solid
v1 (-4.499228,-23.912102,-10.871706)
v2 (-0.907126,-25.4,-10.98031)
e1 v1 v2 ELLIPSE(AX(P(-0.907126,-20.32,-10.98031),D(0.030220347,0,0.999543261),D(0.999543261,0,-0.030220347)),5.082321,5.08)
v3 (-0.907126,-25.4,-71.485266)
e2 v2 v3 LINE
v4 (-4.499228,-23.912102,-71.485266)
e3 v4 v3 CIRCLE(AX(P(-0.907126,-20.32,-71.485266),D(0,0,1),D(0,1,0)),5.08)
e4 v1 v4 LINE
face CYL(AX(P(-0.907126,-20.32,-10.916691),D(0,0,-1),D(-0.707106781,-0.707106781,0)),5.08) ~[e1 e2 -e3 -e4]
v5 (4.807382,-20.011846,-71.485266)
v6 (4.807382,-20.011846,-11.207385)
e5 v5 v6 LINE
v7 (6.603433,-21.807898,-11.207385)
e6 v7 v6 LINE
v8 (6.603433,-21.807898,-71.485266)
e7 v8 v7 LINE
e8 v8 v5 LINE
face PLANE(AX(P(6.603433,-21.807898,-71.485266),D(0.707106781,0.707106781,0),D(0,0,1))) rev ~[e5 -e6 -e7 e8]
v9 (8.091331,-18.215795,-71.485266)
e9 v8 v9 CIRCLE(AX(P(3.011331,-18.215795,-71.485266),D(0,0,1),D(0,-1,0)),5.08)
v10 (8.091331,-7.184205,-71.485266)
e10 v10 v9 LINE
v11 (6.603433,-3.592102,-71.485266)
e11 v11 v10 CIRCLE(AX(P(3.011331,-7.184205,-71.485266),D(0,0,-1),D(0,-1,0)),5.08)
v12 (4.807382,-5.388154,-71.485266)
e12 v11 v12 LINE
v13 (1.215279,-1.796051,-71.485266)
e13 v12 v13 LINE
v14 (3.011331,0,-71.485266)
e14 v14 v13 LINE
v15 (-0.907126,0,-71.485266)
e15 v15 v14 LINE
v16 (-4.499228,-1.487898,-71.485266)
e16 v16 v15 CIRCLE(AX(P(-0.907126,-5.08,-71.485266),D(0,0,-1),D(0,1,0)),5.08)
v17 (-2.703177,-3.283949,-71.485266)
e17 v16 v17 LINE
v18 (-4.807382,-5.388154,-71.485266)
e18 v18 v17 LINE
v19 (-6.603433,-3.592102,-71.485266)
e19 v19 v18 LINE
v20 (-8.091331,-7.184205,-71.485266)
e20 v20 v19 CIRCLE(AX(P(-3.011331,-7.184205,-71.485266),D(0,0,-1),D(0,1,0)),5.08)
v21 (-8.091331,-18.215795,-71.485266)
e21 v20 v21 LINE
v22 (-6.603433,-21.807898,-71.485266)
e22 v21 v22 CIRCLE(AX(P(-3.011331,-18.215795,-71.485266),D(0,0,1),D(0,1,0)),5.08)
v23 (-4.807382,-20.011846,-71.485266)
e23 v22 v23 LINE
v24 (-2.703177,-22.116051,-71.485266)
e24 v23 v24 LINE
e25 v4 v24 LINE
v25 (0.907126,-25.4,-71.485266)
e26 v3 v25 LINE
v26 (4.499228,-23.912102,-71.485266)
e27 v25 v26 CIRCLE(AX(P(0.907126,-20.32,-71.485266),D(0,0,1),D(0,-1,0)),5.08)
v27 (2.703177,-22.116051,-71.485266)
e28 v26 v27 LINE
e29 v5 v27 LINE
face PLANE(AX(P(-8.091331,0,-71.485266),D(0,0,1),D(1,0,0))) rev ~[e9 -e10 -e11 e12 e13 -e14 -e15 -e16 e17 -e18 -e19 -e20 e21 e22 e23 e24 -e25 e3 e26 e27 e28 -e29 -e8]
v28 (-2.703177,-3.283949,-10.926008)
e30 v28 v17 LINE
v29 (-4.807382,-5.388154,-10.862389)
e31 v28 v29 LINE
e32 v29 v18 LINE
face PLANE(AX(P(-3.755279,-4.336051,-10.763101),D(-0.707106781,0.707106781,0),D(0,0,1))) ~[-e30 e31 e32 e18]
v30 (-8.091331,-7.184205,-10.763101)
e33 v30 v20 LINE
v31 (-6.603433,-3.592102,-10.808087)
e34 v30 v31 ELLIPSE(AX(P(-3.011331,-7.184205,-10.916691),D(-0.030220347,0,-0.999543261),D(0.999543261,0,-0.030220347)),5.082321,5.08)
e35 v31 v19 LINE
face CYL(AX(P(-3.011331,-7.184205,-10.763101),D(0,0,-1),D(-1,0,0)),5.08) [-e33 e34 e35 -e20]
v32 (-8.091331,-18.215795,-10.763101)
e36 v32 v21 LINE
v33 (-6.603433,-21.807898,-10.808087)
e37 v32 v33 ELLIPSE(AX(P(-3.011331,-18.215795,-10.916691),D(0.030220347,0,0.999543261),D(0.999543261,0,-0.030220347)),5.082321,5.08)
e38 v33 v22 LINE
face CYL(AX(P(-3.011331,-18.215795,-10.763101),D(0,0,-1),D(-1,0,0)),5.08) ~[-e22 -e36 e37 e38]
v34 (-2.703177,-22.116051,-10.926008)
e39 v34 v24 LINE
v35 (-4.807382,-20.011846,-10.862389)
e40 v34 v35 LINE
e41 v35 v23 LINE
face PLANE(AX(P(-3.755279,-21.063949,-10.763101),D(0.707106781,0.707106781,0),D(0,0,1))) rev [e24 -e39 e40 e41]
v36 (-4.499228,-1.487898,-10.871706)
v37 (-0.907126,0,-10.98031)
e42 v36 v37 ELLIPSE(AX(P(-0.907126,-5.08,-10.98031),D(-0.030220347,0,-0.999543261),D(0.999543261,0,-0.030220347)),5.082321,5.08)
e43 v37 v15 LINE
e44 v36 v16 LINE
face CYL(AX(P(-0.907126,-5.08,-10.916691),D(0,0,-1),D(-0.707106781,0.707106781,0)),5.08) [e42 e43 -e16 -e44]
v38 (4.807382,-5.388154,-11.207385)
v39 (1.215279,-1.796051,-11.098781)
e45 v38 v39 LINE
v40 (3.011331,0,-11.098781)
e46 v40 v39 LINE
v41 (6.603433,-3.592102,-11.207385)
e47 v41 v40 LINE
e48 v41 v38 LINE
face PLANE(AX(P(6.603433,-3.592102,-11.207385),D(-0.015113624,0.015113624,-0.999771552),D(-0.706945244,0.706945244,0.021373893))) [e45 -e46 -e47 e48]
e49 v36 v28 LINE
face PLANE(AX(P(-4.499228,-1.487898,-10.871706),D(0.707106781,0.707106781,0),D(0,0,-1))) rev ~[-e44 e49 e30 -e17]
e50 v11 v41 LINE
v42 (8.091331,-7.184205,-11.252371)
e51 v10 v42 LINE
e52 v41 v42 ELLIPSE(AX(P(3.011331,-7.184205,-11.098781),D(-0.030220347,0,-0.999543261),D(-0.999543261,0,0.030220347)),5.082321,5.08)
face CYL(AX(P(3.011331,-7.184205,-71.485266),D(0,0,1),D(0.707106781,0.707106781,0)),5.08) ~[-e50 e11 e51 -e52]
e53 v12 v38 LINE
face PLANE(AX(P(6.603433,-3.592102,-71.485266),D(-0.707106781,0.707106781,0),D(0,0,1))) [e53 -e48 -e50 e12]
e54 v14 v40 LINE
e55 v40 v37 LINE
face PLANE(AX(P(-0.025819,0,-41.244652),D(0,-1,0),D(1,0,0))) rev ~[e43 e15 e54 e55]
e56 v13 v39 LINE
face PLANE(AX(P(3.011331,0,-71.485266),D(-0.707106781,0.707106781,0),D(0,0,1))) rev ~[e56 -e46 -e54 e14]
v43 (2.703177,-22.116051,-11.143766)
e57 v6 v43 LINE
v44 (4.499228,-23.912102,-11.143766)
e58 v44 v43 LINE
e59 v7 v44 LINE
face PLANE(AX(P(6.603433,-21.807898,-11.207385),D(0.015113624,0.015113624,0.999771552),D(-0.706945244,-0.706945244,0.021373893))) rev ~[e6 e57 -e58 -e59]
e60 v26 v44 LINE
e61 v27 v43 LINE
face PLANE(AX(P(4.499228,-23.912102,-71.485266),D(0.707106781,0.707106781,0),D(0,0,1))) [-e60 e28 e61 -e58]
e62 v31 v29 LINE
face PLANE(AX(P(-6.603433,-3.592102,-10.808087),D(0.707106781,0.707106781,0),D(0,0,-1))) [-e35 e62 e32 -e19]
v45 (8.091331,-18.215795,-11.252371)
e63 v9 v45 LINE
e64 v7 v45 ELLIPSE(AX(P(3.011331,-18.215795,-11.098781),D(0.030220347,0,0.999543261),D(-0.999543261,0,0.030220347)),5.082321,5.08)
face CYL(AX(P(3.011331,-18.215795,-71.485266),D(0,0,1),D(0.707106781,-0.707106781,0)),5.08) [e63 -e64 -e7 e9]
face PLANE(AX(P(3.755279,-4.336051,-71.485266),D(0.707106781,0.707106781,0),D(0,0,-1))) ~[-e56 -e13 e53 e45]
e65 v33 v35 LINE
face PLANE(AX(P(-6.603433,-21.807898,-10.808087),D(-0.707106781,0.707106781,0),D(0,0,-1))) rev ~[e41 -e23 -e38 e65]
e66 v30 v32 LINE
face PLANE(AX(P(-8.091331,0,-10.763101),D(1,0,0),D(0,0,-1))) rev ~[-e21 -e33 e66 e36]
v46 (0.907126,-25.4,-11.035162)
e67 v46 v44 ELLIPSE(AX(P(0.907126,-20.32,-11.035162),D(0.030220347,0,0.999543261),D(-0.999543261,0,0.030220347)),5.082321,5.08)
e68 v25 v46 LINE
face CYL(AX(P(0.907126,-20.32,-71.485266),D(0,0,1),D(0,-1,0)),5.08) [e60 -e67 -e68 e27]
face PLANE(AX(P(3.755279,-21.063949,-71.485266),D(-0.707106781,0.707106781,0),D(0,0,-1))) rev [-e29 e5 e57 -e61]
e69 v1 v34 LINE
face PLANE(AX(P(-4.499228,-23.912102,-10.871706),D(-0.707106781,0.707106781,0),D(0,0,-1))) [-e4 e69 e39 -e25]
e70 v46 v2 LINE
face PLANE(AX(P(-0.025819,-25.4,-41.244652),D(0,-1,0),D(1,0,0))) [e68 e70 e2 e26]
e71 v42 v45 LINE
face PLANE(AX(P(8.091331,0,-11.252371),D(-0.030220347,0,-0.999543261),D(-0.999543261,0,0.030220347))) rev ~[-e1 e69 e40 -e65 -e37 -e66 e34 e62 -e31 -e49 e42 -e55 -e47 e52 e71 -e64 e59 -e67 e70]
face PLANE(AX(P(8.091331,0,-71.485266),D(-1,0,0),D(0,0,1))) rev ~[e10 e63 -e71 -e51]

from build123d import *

# Parameters (mm, degrees)
F1_DEPTH = 25.4
F2_SIZE  = 5.08
F3_R     = 5.08
F4_DEPTH = 2.54
F5_DEPTH = 2.54
F6_DEPTH = 2.54
F7_DEPTH = 2.54


with BuildPart() as f1:
    # F0 (on Front) → F1 (new body)
    with BuildSketch(Plane.XZ):
        Polygon((-8.0913305283, -71.4852660894), (8.0913305283, -71.4852660894), (8.0913305283, -11.2523705258), (-8.0913305283, -10.7631014283), align=None)
    extrude(amount=F1_DEPTH)

    # F2
    f2_edges = [f1.edges().sort_by_distance(p)[0] for p in [
        (8.091331, -25.4, -41.368818),
        (-8.091331, -25.4, -41.124184),
        (-8.091331, 0, -41.124184),
        (8.091331, 0, -41.368818),
    ]]
    chamfer(f2_edges, length=F2_SIZE)

    # F3
    f3_edges = [f1.edges().sort_by_distance(p)[0] for p in [
        (-3.011331, 0, -41.200979),
        (-8.091331, -20.32, -41.124184),
        (-8.091331, -5.08, -41.124184),
        (8.091331, -5.08, -41.368818),
        (8.091331, -20.32, -41.368818),
        (-3.011331, -25.4, -41.200979),
        (3.011331, -25.4, -41.292024),
    ]]
    fillet(f3_edges, radius=F3_R)

    # F4 (cut): a face of the model
    f4_faces = [f1.faces().sort_by_distance(p)[0] for p in [
        (-5.5515144762, -22.859816052, -41.1625783561),
    ]]
    extrude(f4_faces, amount=-F4_DEPTH, mode=Mode.SUBTRACT)

    # F5 (cut): a face of the model
    f5_faces = [f1.faces().sort_by_distance(p)[0] for p in [
        (-5.5515144762, -2.540183948, -41.1625783561),
    ]]
    extrude(f5_faces, amount=-F5_DEPTH, mode=Mode.SUBTRACT)

    # F6 (cut): a face of the model
    f6_faces = [f1.faces().sort_by_distance(p)[0] for p in [
        (4.8068429061, -1.7955123778, -41.3191664522),
    ]]
    extrude(f6_faces, amount=-F6_DEPTH, mode=Mode.SUBTRACT)

    # F7 (cut): a face of the model
    f7_faces = [f1.faces().sort_by_distance(p)[0] for p in [
        (5.5511455564, -22.8601849718, -41.3304181334),
    ]]
    extrude(f7_faces, amount=-F7_DEPTH, mode=Mode.SUBTRACT)


solid = f1.part
